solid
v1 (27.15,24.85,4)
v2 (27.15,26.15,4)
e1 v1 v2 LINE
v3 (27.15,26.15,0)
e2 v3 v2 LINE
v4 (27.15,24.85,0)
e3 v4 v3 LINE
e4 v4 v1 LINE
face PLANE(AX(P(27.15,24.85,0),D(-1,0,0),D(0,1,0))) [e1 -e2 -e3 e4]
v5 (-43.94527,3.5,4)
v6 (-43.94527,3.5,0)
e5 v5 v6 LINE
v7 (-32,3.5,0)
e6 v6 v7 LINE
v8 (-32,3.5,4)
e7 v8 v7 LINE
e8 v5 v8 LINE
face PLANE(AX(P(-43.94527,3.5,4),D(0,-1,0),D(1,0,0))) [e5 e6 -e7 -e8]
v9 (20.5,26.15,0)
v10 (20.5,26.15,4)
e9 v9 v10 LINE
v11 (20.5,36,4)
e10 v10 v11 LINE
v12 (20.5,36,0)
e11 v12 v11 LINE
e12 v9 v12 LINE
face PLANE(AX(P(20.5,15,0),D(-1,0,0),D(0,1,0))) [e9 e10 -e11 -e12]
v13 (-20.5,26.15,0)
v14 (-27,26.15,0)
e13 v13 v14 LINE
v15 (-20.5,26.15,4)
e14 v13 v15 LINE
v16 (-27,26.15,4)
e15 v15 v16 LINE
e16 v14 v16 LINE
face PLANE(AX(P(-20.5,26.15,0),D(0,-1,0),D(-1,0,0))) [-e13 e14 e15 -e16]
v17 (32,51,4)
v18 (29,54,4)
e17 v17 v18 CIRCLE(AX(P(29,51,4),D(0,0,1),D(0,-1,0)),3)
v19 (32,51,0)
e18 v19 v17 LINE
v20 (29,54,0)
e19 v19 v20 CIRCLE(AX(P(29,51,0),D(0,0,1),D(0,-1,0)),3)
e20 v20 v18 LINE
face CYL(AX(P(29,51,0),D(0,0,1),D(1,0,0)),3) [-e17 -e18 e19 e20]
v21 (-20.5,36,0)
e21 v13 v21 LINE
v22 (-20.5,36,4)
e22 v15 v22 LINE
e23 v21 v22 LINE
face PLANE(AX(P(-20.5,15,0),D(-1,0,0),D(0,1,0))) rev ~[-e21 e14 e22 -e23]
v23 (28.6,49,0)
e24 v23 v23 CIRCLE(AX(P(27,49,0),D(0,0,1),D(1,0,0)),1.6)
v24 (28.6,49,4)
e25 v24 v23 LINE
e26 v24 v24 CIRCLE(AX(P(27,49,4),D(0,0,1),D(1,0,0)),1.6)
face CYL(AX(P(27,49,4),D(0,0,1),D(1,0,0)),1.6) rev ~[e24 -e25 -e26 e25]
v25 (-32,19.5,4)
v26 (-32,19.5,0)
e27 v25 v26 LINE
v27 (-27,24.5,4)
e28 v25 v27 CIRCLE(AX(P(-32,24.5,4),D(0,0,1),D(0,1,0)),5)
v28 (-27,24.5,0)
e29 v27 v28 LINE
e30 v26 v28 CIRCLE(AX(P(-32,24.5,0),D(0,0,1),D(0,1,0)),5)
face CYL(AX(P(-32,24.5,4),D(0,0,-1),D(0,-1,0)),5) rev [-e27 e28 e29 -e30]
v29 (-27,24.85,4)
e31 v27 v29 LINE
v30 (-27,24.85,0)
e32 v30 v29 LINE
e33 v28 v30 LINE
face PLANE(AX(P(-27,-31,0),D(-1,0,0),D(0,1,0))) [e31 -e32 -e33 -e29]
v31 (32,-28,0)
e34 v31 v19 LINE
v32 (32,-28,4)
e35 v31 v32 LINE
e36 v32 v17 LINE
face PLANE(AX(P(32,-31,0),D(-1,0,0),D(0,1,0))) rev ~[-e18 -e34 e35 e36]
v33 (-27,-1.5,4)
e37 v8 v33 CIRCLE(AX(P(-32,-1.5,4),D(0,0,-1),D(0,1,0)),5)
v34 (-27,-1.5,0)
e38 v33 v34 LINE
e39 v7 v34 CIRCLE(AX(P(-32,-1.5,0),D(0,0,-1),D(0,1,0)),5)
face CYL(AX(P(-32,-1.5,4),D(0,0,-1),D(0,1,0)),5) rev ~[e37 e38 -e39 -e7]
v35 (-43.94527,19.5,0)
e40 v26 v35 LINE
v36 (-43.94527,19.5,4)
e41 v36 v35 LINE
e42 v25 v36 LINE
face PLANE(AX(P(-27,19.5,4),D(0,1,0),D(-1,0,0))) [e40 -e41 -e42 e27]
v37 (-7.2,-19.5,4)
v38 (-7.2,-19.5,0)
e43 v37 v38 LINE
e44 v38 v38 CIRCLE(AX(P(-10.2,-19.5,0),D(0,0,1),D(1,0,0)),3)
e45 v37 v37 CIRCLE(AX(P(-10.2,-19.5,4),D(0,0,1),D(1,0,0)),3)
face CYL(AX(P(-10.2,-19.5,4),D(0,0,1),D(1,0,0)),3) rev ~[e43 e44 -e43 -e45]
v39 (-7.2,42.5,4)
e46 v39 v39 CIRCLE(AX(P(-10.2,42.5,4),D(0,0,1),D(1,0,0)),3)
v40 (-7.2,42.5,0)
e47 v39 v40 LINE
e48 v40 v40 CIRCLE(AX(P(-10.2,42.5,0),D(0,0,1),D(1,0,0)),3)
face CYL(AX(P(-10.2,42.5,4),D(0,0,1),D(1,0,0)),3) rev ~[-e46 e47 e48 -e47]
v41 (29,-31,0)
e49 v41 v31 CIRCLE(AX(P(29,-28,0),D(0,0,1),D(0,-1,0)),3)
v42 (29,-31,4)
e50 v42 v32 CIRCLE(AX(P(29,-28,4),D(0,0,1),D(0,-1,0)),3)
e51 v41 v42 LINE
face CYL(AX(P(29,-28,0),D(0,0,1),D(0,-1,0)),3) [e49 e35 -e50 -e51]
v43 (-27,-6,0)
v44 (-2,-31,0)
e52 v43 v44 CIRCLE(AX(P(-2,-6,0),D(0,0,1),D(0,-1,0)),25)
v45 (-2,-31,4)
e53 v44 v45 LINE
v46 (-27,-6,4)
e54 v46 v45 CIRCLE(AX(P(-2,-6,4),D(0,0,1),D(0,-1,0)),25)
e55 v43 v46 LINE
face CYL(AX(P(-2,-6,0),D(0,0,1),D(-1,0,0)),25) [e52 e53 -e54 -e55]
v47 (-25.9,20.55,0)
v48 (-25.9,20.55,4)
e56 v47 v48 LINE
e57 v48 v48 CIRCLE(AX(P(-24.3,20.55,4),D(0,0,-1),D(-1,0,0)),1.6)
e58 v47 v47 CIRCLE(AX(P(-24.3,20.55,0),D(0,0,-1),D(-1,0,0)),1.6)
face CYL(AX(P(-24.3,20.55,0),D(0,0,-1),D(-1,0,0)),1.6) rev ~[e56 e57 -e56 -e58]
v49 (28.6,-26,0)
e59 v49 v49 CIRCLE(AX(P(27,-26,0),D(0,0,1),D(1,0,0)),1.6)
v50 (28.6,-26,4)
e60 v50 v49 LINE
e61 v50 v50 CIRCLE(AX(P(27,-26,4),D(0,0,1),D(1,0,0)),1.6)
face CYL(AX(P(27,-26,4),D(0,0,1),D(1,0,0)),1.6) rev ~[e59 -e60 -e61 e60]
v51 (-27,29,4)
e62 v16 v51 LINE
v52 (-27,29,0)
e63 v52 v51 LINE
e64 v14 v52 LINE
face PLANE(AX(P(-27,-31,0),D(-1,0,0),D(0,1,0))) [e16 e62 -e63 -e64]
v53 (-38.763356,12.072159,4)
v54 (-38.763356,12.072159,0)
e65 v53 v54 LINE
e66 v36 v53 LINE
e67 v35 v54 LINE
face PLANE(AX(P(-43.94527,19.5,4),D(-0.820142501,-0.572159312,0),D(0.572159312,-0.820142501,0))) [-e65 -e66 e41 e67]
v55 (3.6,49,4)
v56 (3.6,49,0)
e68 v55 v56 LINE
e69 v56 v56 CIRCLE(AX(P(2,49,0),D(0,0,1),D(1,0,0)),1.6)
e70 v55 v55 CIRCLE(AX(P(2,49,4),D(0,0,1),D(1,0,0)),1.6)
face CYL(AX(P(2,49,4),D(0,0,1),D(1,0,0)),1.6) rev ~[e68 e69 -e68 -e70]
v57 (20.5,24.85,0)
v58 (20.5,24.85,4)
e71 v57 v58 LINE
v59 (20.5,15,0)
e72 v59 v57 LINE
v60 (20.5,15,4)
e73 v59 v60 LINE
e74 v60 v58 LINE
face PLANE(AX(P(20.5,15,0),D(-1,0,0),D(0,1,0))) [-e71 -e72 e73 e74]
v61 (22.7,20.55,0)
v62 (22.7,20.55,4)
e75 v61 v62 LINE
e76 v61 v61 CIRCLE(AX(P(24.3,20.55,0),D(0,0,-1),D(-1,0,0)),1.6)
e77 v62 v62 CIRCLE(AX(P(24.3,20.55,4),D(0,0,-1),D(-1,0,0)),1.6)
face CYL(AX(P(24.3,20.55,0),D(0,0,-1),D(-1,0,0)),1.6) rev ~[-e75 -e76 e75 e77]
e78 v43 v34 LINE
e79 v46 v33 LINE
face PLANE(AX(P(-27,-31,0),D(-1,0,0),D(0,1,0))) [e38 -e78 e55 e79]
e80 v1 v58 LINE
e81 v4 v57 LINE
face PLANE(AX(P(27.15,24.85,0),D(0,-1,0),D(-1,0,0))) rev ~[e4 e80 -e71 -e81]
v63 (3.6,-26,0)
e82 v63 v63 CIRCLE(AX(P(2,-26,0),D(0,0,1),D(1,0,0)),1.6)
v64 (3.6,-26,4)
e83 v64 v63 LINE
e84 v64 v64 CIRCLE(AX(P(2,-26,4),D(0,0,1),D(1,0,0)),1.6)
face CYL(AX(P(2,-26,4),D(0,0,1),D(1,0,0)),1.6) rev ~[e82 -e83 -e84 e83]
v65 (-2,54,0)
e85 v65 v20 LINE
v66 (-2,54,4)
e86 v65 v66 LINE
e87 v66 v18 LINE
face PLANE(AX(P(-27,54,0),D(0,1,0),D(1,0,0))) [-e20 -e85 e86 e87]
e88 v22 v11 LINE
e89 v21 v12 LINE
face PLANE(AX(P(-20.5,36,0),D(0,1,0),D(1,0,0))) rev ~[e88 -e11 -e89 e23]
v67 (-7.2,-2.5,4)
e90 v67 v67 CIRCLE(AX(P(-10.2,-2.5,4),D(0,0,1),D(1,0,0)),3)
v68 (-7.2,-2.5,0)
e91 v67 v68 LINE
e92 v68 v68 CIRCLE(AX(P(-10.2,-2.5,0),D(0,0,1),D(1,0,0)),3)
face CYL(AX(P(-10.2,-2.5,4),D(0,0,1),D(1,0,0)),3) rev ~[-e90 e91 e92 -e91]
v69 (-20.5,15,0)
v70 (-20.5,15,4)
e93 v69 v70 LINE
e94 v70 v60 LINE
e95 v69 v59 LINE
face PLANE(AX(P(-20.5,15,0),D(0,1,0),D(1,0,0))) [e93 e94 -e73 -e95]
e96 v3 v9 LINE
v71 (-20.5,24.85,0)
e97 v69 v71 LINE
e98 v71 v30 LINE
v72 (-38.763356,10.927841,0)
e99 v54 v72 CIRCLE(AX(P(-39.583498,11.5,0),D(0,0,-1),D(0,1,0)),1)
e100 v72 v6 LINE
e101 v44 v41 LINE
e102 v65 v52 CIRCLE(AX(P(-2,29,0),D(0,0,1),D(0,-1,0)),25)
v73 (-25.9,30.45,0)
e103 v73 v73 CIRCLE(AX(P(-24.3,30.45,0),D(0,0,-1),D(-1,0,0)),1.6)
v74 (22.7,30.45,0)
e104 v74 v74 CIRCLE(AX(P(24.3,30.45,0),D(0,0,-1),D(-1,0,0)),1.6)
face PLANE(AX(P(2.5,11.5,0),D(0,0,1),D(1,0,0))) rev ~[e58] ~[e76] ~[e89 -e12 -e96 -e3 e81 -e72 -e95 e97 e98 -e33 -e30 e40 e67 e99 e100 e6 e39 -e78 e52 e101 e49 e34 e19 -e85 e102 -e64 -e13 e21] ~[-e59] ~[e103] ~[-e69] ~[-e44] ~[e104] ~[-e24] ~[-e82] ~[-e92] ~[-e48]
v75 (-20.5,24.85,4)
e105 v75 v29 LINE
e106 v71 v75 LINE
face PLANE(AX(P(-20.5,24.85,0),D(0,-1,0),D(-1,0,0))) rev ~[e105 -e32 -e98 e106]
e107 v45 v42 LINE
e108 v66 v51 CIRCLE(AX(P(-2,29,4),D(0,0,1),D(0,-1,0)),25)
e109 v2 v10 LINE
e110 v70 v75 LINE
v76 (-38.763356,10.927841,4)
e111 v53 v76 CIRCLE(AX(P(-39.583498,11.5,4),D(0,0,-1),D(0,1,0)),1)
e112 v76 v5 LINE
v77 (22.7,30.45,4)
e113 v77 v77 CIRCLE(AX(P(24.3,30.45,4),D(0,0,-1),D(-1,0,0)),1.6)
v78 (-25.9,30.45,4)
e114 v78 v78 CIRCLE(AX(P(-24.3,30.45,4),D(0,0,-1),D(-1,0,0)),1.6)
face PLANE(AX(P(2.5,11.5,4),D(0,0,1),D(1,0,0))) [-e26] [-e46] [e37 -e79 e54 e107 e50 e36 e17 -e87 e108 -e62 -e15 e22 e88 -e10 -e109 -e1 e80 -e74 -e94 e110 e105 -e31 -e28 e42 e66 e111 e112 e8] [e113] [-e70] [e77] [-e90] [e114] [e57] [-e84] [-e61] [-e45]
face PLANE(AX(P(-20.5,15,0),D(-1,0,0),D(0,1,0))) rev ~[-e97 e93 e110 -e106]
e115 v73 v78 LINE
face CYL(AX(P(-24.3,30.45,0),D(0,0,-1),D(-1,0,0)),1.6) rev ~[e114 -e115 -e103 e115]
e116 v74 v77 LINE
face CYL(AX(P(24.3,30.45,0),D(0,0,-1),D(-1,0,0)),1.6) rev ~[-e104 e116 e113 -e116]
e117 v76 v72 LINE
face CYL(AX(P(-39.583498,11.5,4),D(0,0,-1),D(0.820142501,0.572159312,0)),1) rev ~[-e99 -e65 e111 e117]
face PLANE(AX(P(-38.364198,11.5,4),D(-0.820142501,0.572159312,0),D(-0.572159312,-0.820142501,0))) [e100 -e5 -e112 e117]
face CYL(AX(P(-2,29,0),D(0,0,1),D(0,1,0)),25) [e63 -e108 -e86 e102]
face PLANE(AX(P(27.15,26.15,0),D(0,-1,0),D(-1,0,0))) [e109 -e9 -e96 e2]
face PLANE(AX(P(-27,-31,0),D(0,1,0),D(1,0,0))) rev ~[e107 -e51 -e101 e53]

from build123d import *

# Parameters (mm, degrees)
SKETCH_1_W          = 59
SKETCH_1_H          = 85
SKETCH_1_W_2        = 41
SKETCH_1_H_2        = 21
EXTRUDE_1_DEPTH     = 4
SKETCH_2_R          = 1.6
SKETCH_2_W          = 6.65
SKETCH_2_H          = 1.3
CUT_EXTRUDE_1_DEPTH = 4
SKETCH_5_R          = 3
CUT_EXTRUDE_4_DEPTH = 10
SKETCH_3_R          = 3
CUT_EXTRUDE_2_DEPTH = 4
FILLET_1_R          = 25
FILLET_2_R          = 3
SKETCH_4_R          = 1.6
CUT_EXTRUDE_3_DEPTH = 10
EXTRUDE_2_DEPTH     = 4
FILLET_3_R          = 1
FILLET_4_R          = 5
SKETCH_8_R          = 1.6
CUT_EXTRUDE_5_DEPTH = 10


with BuildPart() as part:
    # ｽｹｯﾁ1 → ﾎﾞｽ - 押し出し1 (new body)
    with BuildSketch(Plane.XY):
        with Locations((2.5, 11.5)):
            Rectangle(SKETCH_1_W, SKETCH_1_H)
        with Locations((0, 25.5)):
            Rectangle(SKETCH_1_W_2, SKETCH_1_H_2, mode=Mode.SUBTRACT)
    extrude(amount=EXTRUDE_1_DEPTH)

    # ｽｹｯﾁ2 → ｶｯﾄ - 押し出し1 (cut)
    with BuildSketch(Plane(origin=(0, 0, 0), x_dir=(-1, 0, 0), z_dir=(0, 0, -1))):
        with Locations((-24.3, 20.55)):
            Circle(SKETCH_2_R)
        with Locations((-24.3, 30.45)):
            Circle(SKETCH_2_R)
        with Locations((24.3, 30.45)):
            Circle(SKETCH_2_R)
        with Locations((24.3, 20.55)):
            Circle(SKETCH_2_R)
        with Locations((-23.825, 25.5)):
            Rectangle(SKETCH_2_W, SKETCH_2_H)
        with Locations((23.825, 25.5)):
            Rectangle(SKETCH_2_W, SKETCH_2_H)
    extrude(amount=-CUT_EXTRUDE_1_DEPTH, mode=Mode.SUBTRACT)

    # ｽｹｯﾁ5 → ｶｯﾄ - 押し出し4 (cut)
    with BuildSketch(Plane.XY.offset(4)):
        with Locations((-10.2, -2.5)):
            Circle(SKETCH_5_R)
    extrude(amount=-CUT_EXTRUDE_4_DEPTH, mode=Mode.SUBTRACT)

    # ｽｹｯﾁ3 → ｶｯﾄ - 押し出し2 (cut)
    with BuildSketch(Plane.XY.offset(4)):
        with Locations((-10.2, 42.5)):
            Circle(SKETCH_3_R)
        with Locations((-10.2, -19.5)):
            Circle(SKETCH_3_R)
    extrude(amount=-CUT_EXTRUDE_2_DEPTH, mode=Mode.SUBTRACT)

    # ﾌｨﾚｯﾄ1
    fillet_1_edges = [part.edges().sort_by_distance(p)[0] for p in [
        (-27, 54, 2),
        (-27, -31, 2),
    ]]
    fillet(fillet_1_edges, radius=FILLET_1_R)

    # ﾌｨﾚｯﾄ2
    fillet_2_edges = [part.edges().sort_by_distance(p)[0] for p in [
        (32, 54, 2),
        (32, -31, 2),
    ]]
    fillet(fillet_2_edges, radius=FILLET_2_R)

    # ｽｹｯﾁ4 → ｶｯﾄ - 押し出し3 (cut)
    with BuildSketch(Plane.XY.offset(4)):
        with Locations((27, 49)):
            Circle(SKETCH_4_R)
        with Locations((27, -26)):
            Circle(SKETCH_4_R)
    extrude(amount=-CUT_EXTRUDE_3_DEPTH, mode=Mode.SUBTRACT)

    # ｽｹｯﾁ6 → ﾎﾞｽ - 押し出し2 (add)
    with BuildSketch(Plane.XY.offset(4)):
        Polygon((-27, 19.5), (-43.945270358, 19.5), (-38.364198183, 11.5), (-43.945270358, 3.5), (-27, 3.5), align=None)
    extrude(amount=-EXTRUDE_2_DEPTH)

    # ﾌｨﾚｯﾄ3
    fillet_3_edges = [part.edges().sort_by_distance(p)[0] for p in [
        (-38.364198183, 11.5, 2),
    ]]
    fillet(fillet_3_edges, radius=FILLET_3_R)

    # ﾌｨﾚｯﾄ4
    fillet_4_edges = [part.edges().sort_by_distance(p)[0] for p in [
        (-27, 19.5, 2),
        (-27, 3.5, 2),
    ]]
    fillet(fillet_4_edges, radius=FILLET_4_R)

    # ｽｹｯﾁ8 → ｶｯﾄ - 押し出し5 (cut)
    with BuildSketch(Plane.XY.offset(4)):
        with Locations((2, -26)):
            Circle(SKETCH_8_R)
        with Locations((2, 49)):
            Circle(SKETCH_8_R)
    extrude(amount=-CUT_EXTRUDE_5_DEPTH, mode=Mode.SUBTRACT)


solid = part.part
